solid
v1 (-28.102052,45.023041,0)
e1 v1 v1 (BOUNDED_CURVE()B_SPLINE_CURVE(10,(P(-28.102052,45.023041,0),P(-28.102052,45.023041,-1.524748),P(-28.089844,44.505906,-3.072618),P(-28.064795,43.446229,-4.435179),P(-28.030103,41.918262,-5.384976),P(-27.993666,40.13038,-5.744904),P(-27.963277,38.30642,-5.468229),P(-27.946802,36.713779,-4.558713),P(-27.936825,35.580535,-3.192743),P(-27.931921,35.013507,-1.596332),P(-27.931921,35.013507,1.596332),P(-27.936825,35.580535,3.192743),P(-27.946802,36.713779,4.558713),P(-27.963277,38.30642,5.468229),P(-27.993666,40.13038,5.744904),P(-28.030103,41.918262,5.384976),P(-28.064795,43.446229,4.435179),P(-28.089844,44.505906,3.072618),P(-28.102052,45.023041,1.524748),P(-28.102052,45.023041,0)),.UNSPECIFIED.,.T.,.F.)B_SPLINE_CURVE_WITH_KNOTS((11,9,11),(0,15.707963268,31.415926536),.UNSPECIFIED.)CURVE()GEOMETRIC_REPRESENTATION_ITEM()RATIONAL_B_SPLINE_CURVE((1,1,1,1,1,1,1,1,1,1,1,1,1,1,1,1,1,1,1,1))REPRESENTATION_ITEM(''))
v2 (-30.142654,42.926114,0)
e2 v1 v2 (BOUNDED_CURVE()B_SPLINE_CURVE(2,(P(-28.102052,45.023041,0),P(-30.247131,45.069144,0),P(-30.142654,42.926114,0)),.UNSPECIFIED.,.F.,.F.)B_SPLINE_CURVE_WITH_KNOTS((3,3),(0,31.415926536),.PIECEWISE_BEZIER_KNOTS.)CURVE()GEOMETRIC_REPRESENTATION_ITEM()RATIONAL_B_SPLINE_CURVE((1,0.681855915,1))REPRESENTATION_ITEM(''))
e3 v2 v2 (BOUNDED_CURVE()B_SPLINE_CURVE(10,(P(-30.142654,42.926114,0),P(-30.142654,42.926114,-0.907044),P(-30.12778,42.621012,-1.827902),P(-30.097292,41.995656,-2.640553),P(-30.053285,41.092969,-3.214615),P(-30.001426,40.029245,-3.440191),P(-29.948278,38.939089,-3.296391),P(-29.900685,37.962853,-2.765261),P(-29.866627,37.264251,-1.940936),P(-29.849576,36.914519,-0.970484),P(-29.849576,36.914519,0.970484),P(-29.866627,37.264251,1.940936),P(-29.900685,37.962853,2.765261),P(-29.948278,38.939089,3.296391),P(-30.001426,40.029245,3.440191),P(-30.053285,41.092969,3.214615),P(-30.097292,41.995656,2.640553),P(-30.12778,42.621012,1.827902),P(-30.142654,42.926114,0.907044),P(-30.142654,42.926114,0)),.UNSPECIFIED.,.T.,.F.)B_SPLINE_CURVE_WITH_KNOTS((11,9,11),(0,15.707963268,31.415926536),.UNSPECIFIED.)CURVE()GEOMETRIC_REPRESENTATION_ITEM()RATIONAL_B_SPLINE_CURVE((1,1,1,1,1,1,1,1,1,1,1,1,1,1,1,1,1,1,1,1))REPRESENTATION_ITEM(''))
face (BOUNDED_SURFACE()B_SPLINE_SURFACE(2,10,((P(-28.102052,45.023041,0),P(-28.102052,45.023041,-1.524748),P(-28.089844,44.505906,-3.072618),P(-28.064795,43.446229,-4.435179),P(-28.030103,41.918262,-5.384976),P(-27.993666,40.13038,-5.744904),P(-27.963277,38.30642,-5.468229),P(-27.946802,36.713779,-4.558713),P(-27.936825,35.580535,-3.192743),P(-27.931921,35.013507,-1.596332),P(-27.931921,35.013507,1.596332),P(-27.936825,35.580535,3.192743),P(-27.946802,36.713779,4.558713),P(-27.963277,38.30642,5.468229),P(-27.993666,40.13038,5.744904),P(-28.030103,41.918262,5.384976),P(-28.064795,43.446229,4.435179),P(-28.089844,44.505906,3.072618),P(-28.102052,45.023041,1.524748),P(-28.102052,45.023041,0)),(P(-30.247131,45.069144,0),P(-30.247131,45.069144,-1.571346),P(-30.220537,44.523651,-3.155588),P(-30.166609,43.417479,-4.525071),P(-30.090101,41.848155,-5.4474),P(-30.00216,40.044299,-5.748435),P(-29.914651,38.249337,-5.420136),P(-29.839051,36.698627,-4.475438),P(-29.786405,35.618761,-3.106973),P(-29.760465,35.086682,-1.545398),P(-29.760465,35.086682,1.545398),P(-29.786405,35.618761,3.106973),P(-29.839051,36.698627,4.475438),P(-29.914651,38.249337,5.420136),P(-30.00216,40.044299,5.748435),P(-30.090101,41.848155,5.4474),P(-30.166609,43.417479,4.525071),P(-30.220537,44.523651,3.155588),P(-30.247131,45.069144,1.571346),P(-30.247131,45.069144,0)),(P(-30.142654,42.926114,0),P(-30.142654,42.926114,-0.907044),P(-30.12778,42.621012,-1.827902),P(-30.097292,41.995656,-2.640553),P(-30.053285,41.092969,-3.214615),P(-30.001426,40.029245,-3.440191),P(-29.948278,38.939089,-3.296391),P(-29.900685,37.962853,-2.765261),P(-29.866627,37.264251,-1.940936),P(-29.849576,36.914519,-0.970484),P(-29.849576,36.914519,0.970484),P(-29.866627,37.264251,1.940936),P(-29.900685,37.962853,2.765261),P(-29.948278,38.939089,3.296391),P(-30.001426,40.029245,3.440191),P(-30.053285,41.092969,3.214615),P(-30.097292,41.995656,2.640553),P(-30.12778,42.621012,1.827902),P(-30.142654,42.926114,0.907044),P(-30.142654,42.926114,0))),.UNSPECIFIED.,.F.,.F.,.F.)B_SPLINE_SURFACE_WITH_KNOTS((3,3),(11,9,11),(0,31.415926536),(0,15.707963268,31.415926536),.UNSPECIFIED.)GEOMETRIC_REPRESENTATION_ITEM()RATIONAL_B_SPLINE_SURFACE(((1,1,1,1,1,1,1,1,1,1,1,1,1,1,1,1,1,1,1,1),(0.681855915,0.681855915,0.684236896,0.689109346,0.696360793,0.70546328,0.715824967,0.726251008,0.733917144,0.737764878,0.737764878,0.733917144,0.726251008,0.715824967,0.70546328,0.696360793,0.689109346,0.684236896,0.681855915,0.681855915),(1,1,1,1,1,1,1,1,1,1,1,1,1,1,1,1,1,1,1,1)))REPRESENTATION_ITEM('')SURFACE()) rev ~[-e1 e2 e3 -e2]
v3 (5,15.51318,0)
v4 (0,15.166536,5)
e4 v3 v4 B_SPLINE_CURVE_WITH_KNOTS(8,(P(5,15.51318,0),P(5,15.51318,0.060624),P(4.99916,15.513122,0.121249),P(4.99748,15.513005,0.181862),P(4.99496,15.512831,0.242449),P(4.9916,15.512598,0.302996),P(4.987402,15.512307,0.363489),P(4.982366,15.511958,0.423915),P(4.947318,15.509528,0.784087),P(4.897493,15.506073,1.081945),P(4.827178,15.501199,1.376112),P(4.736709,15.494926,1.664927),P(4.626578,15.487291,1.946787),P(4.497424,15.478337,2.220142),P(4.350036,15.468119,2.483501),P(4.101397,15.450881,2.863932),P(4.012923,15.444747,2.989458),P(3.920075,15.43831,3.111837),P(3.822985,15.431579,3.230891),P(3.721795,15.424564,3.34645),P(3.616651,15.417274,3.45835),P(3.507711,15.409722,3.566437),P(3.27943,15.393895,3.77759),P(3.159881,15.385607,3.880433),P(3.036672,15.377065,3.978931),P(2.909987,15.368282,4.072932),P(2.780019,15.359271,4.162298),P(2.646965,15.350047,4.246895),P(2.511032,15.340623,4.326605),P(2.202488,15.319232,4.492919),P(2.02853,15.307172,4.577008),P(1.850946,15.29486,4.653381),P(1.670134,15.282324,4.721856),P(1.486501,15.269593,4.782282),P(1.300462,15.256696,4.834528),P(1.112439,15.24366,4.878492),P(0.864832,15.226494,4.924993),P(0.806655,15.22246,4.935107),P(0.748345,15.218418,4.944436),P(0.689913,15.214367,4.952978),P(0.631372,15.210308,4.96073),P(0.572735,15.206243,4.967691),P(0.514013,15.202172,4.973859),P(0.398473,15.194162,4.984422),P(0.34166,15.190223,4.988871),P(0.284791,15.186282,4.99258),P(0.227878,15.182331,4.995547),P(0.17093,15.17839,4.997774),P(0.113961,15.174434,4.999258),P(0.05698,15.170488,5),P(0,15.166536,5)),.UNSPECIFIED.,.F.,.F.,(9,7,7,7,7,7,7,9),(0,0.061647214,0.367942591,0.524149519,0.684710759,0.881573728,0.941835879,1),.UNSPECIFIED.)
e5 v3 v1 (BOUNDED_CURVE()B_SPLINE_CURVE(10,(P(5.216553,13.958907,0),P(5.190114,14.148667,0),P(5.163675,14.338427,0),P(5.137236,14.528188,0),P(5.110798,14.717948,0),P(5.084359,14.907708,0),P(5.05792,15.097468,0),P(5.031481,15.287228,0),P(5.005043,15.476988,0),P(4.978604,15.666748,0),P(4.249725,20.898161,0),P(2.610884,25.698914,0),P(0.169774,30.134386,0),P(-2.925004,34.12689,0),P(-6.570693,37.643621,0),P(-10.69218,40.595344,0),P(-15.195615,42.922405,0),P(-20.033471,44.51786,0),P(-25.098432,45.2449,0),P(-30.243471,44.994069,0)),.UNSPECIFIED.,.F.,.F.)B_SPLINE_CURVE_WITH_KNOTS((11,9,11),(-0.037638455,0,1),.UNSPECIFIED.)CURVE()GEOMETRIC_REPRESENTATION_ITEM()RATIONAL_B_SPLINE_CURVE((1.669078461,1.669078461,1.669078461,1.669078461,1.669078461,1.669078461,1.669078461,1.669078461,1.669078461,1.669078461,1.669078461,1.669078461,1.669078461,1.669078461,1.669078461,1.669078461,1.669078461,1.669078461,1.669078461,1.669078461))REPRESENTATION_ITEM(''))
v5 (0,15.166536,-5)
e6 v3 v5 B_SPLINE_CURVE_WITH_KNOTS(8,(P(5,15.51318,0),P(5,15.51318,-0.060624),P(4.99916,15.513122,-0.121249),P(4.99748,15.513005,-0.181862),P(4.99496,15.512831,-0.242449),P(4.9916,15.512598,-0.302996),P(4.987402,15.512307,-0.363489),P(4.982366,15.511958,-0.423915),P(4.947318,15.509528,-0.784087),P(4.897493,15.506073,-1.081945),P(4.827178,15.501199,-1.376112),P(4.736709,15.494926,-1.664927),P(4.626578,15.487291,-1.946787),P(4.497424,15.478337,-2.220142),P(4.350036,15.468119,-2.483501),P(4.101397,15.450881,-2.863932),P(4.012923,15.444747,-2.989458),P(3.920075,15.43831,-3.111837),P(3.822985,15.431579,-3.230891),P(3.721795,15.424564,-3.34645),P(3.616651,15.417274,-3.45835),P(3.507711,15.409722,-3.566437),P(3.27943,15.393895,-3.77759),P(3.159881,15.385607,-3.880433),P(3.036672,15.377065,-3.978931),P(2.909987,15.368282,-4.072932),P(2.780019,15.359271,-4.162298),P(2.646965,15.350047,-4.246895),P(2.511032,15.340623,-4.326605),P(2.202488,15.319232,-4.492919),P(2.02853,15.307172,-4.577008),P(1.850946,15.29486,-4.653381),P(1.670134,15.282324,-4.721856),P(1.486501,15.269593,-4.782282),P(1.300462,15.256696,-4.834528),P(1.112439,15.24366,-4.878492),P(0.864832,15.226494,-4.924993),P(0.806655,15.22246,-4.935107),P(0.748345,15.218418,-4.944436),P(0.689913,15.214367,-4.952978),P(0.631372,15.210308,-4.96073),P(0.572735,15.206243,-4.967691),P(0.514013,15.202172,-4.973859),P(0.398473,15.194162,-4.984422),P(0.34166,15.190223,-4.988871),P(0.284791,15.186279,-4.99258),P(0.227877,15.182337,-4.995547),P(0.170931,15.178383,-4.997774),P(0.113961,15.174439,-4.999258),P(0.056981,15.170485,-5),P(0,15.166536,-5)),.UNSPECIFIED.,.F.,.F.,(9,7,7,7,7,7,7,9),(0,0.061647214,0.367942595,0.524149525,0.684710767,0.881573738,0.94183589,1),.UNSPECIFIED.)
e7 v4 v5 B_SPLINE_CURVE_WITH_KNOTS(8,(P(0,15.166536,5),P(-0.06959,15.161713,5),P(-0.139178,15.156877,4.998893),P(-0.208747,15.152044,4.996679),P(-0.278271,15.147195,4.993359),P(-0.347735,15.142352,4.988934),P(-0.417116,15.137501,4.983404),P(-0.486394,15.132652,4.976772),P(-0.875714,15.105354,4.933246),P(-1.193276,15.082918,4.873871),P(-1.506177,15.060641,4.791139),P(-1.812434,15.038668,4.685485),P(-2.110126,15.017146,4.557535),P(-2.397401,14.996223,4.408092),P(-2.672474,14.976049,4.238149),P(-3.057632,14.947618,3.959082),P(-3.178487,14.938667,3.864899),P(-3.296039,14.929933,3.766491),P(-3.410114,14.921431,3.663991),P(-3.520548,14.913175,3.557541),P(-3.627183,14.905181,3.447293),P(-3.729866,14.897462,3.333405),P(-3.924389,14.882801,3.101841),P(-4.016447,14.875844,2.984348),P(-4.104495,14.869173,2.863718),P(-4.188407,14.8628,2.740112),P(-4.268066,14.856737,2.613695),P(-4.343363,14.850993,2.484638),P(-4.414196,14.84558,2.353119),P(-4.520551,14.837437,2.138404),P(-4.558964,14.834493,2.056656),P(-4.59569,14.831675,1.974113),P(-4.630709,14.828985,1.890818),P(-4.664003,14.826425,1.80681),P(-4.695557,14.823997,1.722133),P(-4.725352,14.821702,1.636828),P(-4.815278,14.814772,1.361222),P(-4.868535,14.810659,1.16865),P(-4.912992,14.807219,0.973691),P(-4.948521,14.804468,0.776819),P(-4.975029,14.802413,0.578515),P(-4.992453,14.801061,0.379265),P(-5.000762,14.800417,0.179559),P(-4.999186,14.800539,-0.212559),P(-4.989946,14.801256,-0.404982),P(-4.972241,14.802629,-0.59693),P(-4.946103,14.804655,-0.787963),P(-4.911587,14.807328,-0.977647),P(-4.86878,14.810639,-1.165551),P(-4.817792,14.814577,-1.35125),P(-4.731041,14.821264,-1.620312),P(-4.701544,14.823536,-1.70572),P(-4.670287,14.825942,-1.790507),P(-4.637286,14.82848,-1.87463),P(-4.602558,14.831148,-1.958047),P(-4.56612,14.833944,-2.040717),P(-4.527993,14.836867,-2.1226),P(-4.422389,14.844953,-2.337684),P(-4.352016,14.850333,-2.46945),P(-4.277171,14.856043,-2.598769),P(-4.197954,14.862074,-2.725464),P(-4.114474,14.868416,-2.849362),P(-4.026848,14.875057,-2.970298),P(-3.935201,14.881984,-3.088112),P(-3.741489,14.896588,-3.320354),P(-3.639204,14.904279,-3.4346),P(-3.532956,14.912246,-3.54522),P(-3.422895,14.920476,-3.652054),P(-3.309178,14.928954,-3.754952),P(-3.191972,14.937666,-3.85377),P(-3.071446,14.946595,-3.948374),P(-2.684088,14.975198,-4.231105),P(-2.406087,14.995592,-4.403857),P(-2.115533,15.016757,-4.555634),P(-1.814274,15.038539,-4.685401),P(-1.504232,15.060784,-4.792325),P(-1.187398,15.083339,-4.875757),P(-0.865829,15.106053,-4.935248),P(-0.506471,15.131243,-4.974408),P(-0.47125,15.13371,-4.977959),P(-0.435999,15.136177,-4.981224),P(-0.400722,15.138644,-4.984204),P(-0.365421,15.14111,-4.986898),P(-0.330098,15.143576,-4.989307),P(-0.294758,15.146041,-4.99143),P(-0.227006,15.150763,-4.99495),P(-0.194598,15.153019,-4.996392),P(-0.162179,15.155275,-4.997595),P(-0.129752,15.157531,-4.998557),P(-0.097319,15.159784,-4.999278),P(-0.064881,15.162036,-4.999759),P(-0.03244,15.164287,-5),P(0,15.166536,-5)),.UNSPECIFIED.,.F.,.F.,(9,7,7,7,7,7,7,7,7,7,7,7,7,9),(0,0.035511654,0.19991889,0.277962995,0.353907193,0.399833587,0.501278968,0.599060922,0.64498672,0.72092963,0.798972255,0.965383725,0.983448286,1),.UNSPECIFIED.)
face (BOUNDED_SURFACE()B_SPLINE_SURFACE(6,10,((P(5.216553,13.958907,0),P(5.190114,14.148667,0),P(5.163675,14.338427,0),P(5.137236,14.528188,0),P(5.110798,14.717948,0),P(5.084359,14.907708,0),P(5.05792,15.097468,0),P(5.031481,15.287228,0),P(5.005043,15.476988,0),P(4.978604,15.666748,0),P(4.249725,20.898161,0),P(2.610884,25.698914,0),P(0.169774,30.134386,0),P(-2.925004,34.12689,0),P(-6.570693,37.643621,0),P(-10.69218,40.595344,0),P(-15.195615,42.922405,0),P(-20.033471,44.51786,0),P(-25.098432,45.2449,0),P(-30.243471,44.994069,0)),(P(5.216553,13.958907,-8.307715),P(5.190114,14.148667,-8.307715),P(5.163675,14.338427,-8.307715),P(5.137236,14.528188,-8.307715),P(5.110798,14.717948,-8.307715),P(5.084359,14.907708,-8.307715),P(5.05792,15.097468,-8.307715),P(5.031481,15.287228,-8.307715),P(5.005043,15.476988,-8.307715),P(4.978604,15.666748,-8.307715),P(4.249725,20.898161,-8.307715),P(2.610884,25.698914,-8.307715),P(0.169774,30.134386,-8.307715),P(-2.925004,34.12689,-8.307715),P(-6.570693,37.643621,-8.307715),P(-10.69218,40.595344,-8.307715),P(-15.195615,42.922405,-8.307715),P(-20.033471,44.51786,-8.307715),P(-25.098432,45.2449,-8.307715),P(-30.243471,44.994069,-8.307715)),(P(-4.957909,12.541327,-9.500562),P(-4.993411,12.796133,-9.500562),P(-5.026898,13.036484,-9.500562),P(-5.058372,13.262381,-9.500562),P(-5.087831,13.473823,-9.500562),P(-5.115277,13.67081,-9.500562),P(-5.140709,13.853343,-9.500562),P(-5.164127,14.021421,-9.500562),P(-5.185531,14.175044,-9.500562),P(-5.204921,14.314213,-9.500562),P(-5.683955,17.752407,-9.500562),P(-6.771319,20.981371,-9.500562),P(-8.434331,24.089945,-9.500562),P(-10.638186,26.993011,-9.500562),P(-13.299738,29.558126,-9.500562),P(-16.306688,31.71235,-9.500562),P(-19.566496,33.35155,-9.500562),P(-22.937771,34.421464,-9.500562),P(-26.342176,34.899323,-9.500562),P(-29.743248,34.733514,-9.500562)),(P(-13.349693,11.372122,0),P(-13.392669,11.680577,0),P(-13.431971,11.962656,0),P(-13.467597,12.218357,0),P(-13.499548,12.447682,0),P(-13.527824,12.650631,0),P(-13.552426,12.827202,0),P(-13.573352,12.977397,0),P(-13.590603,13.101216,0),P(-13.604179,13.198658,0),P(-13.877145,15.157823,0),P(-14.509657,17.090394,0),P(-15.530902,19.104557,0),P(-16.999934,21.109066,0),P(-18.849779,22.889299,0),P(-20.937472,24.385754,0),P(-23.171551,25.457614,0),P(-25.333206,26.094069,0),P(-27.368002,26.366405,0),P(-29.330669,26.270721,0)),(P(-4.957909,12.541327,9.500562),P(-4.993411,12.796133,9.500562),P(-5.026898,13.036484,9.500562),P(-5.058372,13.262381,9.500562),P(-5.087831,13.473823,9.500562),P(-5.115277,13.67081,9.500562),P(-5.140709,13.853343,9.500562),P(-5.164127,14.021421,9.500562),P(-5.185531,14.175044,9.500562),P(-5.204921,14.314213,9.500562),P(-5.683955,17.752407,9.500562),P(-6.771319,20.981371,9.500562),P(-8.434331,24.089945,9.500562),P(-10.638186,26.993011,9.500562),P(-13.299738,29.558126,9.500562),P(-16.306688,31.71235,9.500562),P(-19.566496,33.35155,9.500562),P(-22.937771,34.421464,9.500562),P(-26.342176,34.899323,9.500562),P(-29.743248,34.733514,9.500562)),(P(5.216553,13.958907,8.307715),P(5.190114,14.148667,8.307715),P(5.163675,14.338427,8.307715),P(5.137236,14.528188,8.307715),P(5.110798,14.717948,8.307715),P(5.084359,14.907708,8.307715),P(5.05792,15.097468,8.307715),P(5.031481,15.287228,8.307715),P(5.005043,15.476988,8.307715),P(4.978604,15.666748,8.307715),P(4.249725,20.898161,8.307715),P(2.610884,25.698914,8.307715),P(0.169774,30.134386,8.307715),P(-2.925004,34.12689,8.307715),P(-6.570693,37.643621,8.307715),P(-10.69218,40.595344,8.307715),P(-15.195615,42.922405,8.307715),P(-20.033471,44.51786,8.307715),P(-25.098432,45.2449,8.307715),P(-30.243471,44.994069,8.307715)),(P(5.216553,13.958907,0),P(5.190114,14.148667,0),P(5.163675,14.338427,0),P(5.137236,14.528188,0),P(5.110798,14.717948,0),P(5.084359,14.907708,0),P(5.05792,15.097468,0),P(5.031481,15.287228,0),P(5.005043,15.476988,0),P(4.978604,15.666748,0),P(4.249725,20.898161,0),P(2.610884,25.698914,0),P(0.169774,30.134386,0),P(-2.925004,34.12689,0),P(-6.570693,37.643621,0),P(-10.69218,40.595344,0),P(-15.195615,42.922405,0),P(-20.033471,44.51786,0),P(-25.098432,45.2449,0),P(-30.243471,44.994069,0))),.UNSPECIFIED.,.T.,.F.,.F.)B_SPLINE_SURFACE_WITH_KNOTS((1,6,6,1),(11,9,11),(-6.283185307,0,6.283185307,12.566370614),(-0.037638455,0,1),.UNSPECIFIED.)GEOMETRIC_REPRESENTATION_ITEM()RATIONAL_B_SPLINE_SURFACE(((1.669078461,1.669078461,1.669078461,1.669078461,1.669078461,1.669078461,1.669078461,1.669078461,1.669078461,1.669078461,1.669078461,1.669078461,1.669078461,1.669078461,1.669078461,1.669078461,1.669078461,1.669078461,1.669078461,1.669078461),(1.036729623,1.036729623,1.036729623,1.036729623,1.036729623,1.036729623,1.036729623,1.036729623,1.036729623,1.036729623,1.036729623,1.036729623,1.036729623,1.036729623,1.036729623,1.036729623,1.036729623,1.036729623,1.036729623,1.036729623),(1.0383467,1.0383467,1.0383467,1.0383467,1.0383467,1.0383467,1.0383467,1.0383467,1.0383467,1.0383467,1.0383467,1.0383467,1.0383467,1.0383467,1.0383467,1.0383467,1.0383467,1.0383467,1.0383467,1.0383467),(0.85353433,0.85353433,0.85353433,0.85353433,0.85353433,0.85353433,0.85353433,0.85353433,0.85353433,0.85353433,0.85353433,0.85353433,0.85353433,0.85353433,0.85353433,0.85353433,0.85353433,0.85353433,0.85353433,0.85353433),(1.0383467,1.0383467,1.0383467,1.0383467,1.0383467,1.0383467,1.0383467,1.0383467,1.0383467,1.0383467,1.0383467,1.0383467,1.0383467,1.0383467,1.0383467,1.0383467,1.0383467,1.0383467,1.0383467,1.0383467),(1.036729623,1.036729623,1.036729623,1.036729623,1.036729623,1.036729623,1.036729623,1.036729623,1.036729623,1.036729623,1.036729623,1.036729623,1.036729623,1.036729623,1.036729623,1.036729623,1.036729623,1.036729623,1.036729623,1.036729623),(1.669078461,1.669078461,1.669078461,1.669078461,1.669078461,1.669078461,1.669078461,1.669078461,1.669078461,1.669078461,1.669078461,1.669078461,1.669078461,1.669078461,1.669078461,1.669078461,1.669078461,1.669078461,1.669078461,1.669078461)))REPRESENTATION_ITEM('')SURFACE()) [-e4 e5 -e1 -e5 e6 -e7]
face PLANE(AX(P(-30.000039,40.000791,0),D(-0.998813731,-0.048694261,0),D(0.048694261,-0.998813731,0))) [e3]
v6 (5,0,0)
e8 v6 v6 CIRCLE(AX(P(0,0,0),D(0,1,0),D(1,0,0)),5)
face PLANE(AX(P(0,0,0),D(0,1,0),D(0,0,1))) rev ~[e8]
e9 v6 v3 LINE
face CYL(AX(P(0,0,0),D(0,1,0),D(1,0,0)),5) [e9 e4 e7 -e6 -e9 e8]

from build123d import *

# Parameters (mm, degrees)
SKETCH1_R = 5
FILLET1_R = 2


with BuildPart() as part:
    # Sweep1: sweep along a path in Sketch2
    with BuildLine(Plane.XY) as sweep1_path:
        Line((0, 0), (0, 15.166536033))
        add(Edge.make_bspline(
            [(0, 15.166536033), (-1.950818089, 29.168228953), (-15.679311829, 40.698163537), (-30, 40)],
            knots=[0, 0, 0, 0, 1, 1, 1, 1], degree=3))
    # Sketch1 → Sweep1 (sweep)
    with BuildSketch(Plane(origin=(0, 0, 0), x_dir=(1, 0, 0), z_dir=(0, 1, 0))):
        Circle(SKETCH1_R)
    sweep(path=sweep1_path.line, transition=Transition.RIGHT)

    # Fillet1
    fillet1_edges = [part.edges().sort_by_distance(p)[0] for p in [
        (-29.756528695, 35.005931346, 0),
    ]]
    fillet(fillet1_edges, radius=FILLET1_R)


solid = part.part
